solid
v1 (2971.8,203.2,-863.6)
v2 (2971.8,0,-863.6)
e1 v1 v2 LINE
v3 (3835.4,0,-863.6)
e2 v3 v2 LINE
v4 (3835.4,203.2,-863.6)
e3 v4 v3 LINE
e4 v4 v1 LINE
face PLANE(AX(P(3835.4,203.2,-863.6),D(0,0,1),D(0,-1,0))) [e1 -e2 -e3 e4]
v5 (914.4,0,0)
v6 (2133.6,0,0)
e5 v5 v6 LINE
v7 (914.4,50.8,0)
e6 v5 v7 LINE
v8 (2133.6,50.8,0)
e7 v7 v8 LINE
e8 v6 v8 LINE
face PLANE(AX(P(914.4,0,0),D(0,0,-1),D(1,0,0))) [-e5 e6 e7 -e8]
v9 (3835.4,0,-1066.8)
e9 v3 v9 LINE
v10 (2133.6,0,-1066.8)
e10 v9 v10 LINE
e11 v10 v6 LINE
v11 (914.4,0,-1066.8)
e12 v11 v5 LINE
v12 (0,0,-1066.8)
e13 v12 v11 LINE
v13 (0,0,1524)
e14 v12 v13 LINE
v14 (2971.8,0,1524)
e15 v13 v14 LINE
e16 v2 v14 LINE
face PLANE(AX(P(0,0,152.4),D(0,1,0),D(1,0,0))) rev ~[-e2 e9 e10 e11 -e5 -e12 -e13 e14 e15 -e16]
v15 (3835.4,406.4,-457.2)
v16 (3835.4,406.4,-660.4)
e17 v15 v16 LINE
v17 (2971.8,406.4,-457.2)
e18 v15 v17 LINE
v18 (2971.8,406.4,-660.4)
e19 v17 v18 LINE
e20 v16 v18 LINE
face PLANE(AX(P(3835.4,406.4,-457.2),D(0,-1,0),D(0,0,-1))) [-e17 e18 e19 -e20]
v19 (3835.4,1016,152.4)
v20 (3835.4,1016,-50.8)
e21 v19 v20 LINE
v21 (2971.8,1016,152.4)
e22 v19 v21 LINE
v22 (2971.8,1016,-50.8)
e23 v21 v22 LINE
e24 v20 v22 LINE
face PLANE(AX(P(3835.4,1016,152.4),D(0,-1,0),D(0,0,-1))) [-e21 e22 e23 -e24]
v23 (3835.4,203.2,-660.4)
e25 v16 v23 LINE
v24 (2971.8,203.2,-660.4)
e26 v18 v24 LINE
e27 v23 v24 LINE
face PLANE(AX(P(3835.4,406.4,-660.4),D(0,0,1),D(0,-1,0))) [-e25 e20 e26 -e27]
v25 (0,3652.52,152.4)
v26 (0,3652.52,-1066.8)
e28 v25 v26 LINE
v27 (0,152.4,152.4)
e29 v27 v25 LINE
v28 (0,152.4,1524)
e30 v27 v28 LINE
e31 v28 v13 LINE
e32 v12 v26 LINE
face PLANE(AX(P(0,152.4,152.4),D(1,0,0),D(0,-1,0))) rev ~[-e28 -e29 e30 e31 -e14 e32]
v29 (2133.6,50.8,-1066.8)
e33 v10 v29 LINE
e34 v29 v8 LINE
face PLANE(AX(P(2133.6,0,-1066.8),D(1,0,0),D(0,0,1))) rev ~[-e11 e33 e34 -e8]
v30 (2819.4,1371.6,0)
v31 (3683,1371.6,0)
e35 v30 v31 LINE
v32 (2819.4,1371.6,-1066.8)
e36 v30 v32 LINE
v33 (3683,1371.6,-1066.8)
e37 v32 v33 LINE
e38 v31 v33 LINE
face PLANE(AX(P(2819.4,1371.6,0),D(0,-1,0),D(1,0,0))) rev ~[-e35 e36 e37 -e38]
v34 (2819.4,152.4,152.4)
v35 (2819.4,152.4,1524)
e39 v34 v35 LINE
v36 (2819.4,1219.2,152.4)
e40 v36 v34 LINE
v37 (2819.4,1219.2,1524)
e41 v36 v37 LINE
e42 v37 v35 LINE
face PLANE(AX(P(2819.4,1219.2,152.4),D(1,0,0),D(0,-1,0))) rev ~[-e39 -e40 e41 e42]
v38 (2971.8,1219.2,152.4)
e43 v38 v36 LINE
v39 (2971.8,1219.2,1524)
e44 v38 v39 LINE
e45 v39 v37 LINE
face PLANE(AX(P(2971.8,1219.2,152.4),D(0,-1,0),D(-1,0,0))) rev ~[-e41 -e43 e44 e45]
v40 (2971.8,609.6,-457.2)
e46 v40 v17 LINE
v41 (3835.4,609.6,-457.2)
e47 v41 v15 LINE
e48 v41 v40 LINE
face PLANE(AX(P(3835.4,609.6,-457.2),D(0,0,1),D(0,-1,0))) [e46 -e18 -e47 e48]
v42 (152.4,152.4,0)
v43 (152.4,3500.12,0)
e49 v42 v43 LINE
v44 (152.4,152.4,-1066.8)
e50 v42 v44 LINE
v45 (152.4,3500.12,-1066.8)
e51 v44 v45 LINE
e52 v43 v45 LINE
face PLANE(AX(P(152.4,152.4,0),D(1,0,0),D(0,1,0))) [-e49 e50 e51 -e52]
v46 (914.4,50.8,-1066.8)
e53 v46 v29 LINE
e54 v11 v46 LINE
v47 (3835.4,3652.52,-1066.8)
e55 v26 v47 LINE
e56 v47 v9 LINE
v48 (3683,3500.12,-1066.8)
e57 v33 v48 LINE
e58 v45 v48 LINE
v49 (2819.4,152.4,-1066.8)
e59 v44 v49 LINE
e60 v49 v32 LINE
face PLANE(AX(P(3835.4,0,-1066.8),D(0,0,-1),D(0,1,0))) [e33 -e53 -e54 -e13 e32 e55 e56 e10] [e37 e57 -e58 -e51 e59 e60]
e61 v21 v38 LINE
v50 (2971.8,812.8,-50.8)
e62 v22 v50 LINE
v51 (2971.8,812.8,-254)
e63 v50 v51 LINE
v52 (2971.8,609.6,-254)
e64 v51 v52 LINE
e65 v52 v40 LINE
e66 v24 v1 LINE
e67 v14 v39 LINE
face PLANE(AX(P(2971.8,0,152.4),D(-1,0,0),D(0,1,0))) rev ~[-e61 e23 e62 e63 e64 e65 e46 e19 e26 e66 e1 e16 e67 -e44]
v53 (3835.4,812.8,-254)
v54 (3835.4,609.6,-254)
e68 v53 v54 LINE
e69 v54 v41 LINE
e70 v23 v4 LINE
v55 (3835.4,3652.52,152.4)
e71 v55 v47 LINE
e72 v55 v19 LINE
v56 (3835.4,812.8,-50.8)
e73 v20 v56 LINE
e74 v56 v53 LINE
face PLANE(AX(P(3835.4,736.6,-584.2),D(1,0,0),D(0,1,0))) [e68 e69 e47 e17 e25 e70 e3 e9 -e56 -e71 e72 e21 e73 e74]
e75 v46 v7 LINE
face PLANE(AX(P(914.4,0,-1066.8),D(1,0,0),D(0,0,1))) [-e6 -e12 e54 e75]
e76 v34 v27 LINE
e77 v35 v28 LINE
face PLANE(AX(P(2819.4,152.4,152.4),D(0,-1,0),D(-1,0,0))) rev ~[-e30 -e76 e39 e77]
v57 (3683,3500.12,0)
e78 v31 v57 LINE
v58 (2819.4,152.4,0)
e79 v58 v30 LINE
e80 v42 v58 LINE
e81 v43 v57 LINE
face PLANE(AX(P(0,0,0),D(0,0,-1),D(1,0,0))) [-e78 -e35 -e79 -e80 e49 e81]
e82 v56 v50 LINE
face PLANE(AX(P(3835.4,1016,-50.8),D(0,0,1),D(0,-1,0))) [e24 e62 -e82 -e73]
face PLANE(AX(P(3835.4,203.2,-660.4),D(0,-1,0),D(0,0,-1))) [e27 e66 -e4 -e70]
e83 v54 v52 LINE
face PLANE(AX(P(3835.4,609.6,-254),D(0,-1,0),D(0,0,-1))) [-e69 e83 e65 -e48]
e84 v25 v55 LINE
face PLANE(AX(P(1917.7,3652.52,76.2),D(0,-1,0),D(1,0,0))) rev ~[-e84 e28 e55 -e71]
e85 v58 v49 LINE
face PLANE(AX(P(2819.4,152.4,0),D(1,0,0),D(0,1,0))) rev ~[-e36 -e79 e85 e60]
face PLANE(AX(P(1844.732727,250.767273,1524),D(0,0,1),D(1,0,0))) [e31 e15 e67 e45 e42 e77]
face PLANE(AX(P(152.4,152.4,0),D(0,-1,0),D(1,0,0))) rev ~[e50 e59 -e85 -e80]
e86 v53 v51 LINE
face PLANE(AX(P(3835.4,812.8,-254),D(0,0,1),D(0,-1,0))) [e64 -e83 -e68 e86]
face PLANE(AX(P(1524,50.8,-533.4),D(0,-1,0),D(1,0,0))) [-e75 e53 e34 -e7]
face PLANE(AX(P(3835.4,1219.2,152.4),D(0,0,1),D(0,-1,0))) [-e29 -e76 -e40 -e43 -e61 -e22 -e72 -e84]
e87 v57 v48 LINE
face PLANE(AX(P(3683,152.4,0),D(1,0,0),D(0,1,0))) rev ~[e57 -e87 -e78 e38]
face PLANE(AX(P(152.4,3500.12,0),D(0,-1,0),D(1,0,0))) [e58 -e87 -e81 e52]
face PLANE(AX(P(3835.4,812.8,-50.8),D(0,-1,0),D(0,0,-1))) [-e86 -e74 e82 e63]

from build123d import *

# Parameters (mm, degrees)
F0_W      = 3835.4
F0_H      = 3652.52
F0_W_2    = 3530.6
F0_H_2    = 3347.72
F1_DEPTH  = 1066.8
F2_W      = 3835.4
F2_H      = 152.4
F3_DEPTH  = 3652.52
F4_W      = 863.6
F4_H      = 1219.2
F5_DEPTH  = 1219.2
F7_DEPTH  = 1066.8
F8_W      = 1219.2
F8_H      = 1066.8
F9_DEPTH  = 50.8
F11_DEPTH = 863.6
F13_DEPTH = 1371.6


with BuildPart() as f1:
    # F0 (on Top) → F1 (new body)
    with BuildSketch(Plane.XY):
        with Locations((1917.7, 1826.26)):
            Rectangle(F0_W, F0_H)
        with Locations((1917.7, 1826.26)):
            Rectangle(F0_W_2, F0_H_2, mode=Mode.SUBTRACT)
    extrude(amount=-F1_DEPTH)

    # F2 (on face) → F3 (join, through all)
    with BuildSketch(Plane.XZ):
        with Locations((1917.7, 76.2)):
            Rectangle(F2_W, F2_H)
    extrude(amount=-F3_DEPTH)

    # F4 (on face) → F5 (cut, through all)
    with BuildSketch(Plane.XY.offset(152.4)):
        with Locations((3403.6, 609.6)):
            Rectangle(F4_W, F4_H)
    extrude(amount=-F5_DEPTH, mode=Mode.SUBTRACT)

    # F6 (on face) → F7 (join, through all)
    with BuildSketch(Plane(origin=(0, 0, 0), x_dir=(1, 0, 0), z_dir=(0, 0, -1))):
        Polygon((2819.4, -152.4), (2819.4, -1371.6), (3683, -1371.6), (3683, -1219.2), (2971.8, -1219.2), (2971.8, -152.4), align=None)
    extrude(amount=F7_DEPTH)

    # F8 (on face) → F9 (cut)
    with BuildSketch(Plane.XZ):
        with Locations((1524, -533.4)):
            Rectangle(F8_W, F8_H)
    extrude(amount=-F9_DEPTH, mode=Mode.SUBTRACT)

    # F10 (on face) → F11 (join, through all)
    with BuildSketch(Plane.YZ.offset(3835.4)):
        Polygon((0, -1066.8), (1219.2, -1066.8), (1219.2, 152.4), (1016, 152.4), (1016, -50.8), (812.8, -50.8), (812.8, -254), (609.6, -254), (609.6, -457.2), (406.4, -457.2), (406.4, -660.4), (203.2, -660.4), (203.2, -863.6), (0, -863.6), align=None)
    extrude(amount=-F11_DEPTH)

    # F12 (on face) → F13 (join)
    with BuildSketch(Plane.XY.offset(152.4)):
        Polygon((0, 152.4), (0, 0), (2971.8, 0), (2971.8, 152.4), (2971.8, 1016), (2971.8, 1219.2), (2819.4, 1219.2), (2819.4, 152.4), align=None)
    extrude(amount=F13_DEPTH)


solid = f1.part
